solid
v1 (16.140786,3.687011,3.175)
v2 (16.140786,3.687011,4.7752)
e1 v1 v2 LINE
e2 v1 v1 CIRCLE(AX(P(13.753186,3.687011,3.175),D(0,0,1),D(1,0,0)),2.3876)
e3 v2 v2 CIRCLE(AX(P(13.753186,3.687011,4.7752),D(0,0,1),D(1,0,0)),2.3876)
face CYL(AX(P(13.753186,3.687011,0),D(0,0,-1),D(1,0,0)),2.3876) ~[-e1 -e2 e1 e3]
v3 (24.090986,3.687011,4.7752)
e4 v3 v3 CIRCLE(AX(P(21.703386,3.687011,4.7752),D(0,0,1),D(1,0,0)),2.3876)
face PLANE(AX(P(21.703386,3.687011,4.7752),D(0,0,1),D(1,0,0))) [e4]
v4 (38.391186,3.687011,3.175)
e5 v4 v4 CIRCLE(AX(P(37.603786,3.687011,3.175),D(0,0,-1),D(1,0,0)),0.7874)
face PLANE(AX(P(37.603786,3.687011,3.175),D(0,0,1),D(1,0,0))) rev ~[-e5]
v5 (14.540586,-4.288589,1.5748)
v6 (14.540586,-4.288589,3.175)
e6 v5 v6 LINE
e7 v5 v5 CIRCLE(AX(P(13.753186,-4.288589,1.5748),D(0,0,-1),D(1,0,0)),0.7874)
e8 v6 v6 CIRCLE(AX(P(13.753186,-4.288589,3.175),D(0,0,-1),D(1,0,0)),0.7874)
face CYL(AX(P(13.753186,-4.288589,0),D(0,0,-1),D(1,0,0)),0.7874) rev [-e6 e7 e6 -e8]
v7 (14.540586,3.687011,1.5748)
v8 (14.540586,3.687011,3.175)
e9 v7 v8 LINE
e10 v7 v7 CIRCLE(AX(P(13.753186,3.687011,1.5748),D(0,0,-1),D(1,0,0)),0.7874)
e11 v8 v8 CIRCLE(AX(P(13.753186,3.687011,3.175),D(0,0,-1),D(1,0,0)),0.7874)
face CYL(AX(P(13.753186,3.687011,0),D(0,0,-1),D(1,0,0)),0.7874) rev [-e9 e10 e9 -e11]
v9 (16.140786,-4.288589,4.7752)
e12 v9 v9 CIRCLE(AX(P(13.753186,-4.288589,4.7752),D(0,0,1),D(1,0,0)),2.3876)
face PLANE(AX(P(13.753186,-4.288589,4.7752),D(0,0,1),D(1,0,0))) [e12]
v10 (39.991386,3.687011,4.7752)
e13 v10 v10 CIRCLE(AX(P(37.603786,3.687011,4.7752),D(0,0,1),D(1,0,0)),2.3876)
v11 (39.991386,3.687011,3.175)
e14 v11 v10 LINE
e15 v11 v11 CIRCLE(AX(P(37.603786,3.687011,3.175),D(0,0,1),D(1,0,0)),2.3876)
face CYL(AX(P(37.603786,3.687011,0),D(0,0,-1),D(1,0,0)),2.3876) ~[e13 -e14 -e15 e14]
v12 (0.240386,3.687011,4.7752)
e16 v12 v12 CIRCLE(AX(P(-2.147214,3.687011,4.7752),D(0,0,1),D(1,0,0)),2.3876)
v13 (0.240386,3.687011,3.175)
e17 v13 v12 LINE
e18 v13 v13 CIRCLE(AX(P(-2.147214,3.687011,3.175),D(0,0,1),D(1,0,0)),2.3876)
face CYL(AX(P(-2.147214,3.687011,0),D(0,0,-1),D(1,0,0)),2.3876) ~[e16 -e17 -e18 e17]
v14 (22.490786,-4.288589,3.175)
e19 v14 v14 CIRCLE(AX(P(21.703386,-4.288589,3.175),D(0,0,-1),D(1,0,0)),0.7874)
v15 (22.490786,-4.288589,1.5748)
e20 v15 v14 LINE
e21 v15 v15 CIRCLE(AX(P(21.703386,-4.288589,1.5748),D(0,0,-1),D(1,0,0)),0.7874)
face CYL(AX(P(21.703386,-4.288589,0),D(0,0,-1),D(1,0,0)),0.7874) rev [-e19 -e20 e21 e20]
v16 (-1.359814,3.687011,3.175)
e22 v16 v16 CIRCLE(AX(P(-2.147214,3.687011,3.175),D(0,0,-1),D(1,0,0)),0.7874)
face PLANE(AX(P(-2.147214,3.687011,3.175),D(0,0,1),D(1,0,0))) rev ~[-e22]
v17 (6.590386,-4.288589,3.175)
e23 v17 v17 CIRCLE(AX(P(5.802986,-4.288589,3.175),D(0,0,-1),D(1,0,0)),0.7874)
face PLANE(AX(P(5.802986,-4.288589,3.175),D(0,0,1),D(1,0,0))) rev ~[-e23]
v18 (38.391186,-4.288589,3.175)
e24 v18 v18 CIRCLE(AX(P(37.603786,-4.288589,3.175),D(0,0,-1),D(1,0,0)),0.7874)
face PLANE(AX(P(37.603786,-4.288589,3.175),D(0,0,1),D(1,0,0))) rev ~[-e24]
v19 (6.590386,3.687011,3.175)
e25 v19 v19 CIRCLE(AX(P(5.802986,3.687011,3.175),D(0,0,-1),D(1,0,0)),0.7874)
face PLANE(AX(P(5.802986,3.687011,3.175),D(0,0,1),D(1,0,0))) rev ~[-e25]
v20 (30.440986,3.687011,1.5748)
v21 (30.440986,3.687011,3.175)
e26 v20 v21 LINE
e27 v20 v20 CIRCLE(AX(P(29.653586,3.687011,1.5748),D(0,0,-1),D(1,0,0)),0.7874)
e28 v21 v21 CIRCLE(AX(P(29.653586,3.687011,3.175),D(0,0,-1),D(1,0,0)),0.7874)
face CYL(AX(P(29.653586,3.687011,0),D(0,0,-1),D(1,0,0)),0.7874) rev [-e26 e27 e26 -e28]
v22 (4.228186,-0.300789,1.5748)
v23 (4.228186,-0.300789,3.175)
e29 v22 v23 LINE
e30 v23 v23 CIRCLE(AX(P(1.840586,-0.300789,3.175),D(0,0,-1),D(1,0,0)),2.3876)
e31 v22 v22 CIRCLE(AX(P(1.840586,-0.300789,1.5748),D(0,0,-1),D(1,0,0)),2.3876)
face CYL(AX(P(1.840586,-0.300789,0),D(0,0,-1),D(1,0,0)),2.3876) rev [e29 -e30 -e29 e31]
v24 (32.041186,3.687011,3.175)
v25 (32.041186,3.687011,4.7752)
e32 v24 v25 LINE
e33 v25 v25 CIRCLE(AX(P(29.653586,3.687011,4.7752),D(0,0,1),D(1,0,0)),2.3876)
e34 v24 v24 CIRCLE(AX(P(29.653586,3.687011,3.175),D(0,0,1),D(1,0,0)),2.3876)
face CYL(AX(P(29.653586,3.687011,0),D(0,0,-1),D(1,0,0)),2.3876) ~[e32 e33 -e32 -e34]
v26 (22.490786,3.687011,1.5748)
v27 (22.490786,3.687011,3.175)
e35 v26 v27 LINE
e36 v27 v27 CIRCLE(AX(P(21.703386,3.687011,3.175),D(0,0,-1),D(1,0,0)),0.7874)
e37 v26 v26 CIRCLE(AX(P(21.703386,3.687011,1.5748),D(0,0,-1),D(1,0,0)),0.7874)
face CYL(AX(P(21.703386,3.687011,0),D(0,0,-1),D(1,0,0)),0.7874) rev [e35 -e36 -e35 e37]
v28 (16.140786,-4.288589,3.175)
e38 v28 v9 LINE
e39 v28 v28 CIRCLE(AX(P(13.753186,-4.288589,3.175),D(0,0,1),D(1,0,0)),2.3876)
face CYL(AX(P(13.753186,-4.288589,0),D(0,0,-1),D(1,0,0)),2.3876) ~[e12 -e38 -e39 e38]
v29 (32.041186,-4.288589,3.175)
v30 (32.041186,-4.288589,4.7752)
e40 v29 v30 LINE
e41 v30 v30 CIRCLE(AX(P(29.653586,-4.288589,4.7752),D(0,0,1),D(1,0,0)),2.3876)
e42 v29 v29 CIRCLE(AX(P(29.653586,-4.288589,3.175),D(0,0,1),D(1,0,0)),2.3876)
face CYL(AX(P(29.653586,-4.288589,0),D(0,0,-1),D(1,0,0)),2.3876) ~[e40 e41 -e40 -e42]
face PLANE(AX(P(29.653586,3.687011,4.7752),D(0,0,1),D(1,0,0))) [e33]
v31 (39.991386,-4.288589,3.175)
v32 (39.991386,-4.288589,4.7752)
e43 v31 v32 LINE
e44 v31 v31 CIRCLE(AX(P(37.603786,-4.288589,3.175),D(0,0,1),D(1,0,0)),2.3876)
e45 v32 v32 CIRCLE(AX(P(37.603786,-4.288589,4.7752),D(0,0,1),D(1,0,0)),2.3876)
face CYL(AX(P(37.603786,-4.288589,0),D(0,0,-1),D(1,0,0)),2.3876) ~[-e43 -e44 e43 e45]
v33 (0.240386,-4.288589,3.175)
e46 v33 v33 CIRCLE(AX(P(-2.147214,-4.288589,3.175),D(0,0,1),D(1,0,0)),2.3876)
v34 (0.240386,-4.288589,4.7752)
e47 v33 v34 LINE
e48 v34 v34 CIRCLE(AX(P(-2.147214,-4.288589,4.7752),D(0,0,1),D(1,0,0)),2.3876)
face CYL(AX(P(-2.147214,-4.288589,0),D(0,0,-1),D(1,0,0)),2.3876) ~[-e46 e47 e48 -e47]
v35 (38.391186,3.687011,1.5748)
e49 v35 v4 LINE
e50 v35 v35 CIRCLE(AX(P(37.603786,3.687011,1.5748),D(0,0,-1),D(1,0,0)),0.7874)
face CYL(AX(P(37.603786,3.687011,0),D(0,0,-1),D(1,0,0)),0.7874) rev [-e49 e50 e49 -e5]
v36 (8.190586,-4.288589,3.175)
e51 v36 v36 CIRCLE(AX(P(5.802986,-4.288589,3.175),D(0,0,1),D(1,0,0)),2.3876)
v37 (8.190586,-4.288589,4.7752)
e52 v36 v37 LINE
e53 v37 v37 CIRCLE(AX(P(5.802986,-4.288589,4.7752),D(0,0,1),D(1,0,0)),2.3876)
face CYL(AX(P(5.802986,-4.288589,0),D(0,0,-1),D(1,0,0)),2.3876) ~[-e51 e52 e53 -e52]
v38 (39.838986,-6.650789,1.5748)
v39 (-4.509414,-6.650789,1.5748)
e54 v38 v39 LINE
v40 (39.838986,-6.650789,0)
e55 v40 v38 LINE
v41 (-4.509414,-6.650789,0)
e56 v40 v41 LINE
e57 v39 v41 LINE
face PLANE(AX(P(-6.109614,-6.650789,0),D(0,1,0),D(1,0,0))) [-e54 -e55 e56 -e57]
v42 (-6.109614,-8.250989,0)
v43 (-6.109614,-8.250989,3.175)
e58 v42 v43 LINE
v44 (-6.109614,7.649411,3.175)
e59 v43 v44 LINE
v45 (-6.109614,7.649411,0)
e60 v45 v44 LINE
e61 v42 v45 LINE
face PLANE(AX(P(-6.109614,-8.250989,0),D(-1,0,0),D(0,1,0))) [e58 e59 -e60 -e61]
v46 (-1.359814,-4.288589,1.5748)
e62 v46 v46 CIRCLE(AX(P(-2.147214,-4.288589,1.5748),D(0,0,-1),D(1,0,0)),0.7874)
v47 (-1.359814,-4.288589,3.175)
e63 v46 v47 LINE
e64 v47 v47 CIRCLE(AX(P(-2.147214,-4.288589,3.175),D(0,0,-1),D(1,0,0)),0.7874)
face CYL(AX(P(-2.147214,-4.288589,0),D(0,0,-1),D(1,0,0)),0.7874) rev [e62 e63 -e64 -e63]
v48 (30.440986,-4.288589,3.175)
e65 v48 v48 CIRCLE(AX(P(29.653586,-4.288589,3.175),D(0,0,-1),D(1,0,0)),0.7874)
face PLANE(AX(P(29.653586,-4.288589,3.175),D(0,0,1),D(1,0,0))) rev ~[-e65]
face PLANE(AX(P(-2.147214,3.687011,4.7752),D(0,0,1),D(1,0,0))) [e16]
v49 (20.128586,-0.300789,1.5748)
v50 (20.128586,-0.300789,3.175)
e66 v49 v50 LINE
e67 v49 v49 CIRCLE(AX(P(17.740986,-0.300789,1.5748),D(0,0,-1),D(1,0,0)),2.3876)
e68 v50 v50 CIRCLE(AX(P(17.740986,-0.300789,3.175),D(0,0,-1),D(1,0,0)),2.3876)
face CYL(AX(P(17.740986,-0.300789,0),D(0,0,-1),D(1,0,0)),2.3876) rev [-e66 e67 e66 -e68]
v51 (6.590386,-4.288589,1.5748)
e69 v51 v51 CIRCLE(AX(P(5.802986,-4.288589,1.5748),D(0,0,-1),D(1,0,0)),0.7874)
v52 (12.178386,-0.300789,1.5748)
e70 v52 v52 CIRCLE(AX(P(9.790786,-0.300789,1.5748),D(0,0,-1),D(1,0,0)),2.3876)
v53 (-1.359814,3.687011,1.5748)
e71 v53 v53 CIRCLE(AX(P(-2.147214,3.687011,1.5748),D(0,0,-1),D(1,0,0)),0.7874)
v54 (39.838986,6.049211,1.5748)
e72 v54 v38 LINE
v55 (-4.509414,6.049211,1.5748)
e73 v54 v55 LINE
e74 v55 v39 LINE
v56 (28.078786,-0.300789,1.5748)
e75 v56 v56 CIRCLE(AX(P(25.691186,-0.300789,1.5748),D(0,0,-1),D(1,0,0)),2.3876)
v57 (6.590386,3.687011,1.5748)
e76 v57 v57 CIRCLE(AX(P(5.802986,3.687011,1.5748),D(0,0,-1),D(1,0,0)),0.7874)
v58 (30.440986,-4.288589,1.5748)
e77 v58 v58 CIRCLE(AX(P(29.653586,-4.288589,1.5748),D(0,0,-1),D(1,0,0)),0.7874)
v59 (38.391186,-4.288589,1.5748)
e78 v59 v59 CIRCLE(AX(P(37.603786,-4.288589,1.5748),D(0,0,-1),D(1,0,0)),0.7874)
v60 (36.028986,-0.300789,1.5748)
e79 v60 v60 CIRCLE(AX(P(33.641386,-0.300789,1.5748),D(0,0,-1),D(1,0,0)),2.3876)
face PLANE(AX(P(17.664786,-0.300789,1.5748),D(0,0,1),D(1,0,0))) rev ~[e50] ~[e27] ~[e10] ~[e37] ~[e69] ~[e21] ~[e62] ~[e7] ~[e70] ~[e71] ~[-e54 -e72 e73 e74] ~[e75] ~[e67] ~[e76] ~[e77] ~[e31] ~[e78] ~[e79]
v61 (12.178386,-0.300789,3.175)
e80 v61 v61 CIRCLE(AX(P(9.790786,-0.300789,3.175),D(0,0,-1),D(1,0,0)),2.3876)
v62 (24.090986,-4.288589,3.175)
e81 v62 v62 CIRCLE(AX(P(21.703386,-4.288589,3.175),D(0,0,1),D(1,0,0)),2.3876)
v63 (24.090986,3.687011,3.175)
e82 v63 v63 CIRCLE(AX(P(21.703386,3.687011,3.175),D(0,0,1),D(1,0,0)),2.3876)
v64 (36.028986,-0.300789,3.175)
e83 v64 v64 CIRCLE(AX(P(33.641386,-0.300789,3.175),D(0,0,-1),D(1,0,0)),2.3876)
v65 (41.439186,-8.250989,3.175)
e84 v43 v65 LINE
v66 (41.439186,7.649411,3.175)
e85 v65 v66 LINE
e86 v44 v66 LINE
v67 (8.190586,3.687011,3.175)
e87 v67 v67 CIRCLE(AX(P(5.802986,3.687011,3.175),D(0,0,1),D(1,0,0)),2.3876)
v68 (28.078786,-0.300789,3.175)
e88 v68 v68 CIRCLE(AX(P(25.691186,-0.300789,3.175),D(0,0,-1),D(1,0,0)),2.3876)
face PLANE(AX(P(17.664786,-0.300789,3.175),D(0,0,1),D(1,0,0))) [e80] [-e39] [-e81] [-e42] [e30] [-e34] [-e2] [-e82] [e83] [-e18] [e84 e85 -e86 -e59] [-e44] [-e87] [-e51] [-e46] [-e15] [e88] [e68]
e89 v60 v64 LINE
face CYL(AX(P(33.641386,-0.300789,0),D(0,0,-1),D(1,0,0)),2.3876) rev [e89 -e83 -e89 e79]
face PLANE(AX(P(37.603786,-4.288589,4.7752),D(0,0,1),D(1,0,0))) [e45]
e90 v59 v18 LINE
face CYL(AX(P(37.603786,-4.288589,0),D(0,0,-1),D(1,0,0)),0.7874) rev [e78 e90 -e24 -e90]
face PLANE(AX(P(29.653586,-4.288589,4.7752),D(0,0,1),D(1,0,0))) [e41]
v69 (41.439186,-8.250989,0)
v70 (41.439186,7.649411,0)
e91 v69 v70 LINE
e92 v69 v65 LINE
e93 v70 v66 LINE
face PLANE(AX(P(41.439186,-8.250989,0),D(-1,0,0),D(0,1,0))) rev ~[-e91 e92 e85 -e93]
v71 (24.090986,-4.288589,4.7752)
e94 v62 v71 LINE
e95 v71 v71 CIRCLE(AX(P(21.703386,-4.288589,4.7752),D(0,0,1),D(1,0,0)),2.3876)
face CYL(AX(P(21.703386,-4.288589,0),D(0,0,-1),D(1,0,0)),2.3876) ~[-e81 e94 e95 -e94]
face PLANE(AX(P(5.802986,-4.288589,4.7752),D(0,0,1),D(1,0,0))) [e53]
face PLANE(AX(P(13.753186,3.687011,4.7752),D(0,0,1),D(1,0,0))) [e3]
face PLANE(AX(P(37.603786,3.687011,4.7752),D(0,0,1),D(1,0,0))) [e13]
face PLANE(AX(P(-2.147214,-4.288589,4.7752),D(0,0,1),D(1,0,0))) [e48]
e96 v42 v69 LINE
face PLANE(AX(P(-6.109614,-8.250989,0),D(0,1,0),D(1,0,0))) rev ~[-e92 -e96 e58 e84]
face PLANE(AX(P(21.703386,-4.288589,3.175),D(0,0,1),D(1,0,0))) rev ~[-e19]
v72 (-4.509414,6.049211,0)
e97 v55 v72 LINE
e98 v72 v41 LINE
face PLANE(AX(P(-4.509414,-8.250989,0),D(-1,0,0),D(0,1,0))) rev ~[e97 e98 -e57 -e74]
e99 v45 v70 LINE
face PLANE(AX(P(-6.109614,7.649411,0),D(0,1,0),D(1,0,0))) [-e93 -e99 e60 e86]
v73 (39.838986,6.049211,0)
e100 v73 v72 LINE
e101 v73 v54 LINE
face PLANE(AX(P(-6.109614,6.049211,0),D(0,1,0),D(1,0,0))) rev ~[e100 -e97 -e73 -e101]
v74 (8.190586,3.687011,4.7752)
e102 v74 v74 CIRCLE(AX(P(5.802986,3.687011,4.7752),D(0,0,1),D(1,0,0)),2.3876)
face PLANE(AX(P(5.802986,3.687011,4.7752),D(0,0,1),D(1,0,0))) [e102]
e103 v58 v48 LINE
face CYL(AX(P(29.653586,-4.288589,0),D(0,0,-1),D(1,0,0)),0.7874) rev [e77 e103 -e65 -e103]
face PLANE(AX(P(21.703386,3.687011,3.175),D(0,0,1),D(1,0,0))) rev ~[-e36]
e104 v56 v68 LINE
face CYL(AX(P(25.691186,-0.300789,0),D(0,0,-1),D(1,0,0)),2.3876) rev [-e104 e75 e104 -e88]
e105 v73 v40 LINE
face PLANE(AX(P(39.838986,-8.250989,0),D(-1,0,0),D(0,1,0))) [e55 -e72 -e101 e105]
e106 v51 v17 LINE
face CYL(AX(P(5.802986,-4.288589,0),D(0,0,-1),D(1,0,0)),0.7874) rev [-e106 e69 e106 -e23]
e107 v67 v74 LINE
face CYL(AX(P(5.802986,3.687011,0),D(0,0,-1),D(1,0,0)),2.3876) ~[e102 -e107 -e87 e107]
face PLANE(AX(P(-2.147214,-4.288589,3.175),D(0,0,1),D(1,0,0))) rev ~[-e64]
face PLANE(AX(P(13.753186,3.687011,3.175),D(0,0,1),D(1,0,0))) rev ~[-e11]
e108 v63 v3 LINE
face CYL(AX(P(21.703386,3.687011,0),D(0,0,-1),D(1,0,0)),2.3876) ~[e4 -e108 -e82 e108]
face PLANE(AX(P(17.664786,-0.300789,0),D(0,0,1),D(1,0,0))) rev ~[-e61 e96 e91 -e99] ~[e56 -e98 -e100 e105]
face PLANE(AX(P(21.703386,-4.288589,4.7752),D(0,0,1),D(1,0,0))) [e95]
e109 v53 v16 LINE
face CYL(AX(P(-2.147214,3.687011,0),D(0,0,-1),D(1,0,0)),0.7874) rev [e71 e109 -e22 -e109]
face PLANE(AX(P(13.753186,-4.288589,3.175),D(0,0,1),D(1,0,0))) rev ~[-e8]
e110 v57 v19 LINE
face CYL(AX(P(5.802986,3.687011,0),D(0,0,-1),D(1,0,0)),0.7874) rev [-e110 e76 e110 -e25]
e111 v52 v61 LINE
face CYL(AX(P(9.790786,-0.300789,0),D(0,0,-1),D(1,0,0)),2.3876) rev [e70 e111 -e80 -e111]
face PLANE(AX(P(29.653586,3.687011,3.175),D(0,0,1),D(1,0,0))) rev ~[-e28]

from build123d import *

# Parameters (mm, degrees)
F0_W     = 47.5488
F0_H     = 15.9004
F0_R     = 2.3876
F1_DEPTH = 3.175
F2_DEPTH = 4.7752
F3_T     = -1.6002
F4_R     = 2.3876
F5_DEPTH = 6.5786


with BuildPart() as f1:
    # F0 (on Top) → F1 (new body)
    with BuildSketch(Plane.XY):
        with Locations((17.6647863418, -0.3007892519)):
            Rectangle(F0_W, F0_H)
        with Locations((-2.1472136582, -4.2885892519)):
            Circle(F0_R, mode=Mode.SUBTRACT)
        with Locations((5.8029863418, -4.2885892519)):
            Circle(F0_R, mode=Mode.SUBTRACT)
        with Locations((13.7531863418, -4.2885892519)):
            Circle(F0_R, mode=Mode.SUBTRACT)
        with Locations((21.7033863418, -4.2885892519)):
            Circle(F0_R, mode=Mode.SUBTRACT)
        with Locations((29.6535863418, -4.2885892519)):
            Circle(F0_R, mode=Mode.SUBTRACT)
        with Locations((37.6037863418, -4.2885892519)):
            Circle(F0_R, mode=Mode.SUBTRACT)
        with Locations((-2.1472136582, 3.6870107481)):
            Circle(F0_R, mode=Mode.SUBTRACT)
        with Locations((5.8029863418, 3.6870107481)):
            Circle(F0_R, mode=Mode.SUBTRACT)
        with Locations((13.7531863418, 3.6870107481)):
            Circle(F0_R, mode=Mode.SUBTRACT)
        with Locations((21.7033863418, 3.6870107481)):
            Circle(F0_R, mode=Mode.SUBTRACT)
        with Locations((29.6535863418, 3.6870107481)):
            Circle(F0_R, mode=Mode.SUBTRACT)
        with Locations((37.6037863418, 3.6870107481)):
            Circle(F0_R, mode=Mode.SUBTRACT)
    extrude(amount=F1_DEPTH)

    # F0 (on Top) → F2 (join)
    with BuildSketch(Plane.XY):
        with Locations((-2.1472136582, 3.6870107481)):
            Circle(F0_R)
        with Locations((5.8029863418, 3.6870107481)):
            Circle(F0_R)
        with Locations((13.7531863418, 3.6870107481)):
            Circle(F0_R)
        with Locations((21.7033863418, 3.6870107481)):
            Circle(F0_R)
        with Locations((29.6535863418, 3.6870107481)):
            Circle(F0_R)
        with Locations((37.6037863418, 3.6870107481)):
            Circle(F0_R)
        with Locations((37.6037863418, -4.2885892519)):
            Circle(F0_R)
        with Locations((29.6535863418, -4.2885892519)):
            Circle(F0_R)
        with Locations((21.7033863418, -4.2885892519)):
            Circle(F0_R)
        with Locations((13.7531863418, -4.2885892519)):
            Circle(F0_R)
        with Locations((5.8029863418, -4.2885892519)):
            Circle(F0_R)
        with Locations((-2.1472136582, -4.2885892519)):
            Circle(F0_R)
    extrude(amount=F2_DEPTH)

    # F3
    f3_openings = [f1.faces().sort_by_distance(p)[0] for p in [
        (17.664786, -0.300789, 0),
    ]]
    offset(amount=F3_T, openings=f3_openings, kind=Kind.INTERSECTION)

    # F4 (on face) → F5 (cut)
    with BuildSketch(Plane.XY):
        with Locations((33.6413863418, -0.3007892519)):
            Circle(F4_R)
        with Locations((25.6911863418, -0.3007892519)):
            Circle(F4_R)
        with Locations((9.7907863418, -0.3007892519)):
            Circle(F4_R)
        with Locations((17.7409863418, -0.3007892519)):
            Circle(F4_R)
        with Locations((1.8405863418, -0.3007892519)):
            Circle(F4_R)
    extrude(amount=F5_DEPTH, mode=Mode.SUBTRACT)


solid = f1.part
